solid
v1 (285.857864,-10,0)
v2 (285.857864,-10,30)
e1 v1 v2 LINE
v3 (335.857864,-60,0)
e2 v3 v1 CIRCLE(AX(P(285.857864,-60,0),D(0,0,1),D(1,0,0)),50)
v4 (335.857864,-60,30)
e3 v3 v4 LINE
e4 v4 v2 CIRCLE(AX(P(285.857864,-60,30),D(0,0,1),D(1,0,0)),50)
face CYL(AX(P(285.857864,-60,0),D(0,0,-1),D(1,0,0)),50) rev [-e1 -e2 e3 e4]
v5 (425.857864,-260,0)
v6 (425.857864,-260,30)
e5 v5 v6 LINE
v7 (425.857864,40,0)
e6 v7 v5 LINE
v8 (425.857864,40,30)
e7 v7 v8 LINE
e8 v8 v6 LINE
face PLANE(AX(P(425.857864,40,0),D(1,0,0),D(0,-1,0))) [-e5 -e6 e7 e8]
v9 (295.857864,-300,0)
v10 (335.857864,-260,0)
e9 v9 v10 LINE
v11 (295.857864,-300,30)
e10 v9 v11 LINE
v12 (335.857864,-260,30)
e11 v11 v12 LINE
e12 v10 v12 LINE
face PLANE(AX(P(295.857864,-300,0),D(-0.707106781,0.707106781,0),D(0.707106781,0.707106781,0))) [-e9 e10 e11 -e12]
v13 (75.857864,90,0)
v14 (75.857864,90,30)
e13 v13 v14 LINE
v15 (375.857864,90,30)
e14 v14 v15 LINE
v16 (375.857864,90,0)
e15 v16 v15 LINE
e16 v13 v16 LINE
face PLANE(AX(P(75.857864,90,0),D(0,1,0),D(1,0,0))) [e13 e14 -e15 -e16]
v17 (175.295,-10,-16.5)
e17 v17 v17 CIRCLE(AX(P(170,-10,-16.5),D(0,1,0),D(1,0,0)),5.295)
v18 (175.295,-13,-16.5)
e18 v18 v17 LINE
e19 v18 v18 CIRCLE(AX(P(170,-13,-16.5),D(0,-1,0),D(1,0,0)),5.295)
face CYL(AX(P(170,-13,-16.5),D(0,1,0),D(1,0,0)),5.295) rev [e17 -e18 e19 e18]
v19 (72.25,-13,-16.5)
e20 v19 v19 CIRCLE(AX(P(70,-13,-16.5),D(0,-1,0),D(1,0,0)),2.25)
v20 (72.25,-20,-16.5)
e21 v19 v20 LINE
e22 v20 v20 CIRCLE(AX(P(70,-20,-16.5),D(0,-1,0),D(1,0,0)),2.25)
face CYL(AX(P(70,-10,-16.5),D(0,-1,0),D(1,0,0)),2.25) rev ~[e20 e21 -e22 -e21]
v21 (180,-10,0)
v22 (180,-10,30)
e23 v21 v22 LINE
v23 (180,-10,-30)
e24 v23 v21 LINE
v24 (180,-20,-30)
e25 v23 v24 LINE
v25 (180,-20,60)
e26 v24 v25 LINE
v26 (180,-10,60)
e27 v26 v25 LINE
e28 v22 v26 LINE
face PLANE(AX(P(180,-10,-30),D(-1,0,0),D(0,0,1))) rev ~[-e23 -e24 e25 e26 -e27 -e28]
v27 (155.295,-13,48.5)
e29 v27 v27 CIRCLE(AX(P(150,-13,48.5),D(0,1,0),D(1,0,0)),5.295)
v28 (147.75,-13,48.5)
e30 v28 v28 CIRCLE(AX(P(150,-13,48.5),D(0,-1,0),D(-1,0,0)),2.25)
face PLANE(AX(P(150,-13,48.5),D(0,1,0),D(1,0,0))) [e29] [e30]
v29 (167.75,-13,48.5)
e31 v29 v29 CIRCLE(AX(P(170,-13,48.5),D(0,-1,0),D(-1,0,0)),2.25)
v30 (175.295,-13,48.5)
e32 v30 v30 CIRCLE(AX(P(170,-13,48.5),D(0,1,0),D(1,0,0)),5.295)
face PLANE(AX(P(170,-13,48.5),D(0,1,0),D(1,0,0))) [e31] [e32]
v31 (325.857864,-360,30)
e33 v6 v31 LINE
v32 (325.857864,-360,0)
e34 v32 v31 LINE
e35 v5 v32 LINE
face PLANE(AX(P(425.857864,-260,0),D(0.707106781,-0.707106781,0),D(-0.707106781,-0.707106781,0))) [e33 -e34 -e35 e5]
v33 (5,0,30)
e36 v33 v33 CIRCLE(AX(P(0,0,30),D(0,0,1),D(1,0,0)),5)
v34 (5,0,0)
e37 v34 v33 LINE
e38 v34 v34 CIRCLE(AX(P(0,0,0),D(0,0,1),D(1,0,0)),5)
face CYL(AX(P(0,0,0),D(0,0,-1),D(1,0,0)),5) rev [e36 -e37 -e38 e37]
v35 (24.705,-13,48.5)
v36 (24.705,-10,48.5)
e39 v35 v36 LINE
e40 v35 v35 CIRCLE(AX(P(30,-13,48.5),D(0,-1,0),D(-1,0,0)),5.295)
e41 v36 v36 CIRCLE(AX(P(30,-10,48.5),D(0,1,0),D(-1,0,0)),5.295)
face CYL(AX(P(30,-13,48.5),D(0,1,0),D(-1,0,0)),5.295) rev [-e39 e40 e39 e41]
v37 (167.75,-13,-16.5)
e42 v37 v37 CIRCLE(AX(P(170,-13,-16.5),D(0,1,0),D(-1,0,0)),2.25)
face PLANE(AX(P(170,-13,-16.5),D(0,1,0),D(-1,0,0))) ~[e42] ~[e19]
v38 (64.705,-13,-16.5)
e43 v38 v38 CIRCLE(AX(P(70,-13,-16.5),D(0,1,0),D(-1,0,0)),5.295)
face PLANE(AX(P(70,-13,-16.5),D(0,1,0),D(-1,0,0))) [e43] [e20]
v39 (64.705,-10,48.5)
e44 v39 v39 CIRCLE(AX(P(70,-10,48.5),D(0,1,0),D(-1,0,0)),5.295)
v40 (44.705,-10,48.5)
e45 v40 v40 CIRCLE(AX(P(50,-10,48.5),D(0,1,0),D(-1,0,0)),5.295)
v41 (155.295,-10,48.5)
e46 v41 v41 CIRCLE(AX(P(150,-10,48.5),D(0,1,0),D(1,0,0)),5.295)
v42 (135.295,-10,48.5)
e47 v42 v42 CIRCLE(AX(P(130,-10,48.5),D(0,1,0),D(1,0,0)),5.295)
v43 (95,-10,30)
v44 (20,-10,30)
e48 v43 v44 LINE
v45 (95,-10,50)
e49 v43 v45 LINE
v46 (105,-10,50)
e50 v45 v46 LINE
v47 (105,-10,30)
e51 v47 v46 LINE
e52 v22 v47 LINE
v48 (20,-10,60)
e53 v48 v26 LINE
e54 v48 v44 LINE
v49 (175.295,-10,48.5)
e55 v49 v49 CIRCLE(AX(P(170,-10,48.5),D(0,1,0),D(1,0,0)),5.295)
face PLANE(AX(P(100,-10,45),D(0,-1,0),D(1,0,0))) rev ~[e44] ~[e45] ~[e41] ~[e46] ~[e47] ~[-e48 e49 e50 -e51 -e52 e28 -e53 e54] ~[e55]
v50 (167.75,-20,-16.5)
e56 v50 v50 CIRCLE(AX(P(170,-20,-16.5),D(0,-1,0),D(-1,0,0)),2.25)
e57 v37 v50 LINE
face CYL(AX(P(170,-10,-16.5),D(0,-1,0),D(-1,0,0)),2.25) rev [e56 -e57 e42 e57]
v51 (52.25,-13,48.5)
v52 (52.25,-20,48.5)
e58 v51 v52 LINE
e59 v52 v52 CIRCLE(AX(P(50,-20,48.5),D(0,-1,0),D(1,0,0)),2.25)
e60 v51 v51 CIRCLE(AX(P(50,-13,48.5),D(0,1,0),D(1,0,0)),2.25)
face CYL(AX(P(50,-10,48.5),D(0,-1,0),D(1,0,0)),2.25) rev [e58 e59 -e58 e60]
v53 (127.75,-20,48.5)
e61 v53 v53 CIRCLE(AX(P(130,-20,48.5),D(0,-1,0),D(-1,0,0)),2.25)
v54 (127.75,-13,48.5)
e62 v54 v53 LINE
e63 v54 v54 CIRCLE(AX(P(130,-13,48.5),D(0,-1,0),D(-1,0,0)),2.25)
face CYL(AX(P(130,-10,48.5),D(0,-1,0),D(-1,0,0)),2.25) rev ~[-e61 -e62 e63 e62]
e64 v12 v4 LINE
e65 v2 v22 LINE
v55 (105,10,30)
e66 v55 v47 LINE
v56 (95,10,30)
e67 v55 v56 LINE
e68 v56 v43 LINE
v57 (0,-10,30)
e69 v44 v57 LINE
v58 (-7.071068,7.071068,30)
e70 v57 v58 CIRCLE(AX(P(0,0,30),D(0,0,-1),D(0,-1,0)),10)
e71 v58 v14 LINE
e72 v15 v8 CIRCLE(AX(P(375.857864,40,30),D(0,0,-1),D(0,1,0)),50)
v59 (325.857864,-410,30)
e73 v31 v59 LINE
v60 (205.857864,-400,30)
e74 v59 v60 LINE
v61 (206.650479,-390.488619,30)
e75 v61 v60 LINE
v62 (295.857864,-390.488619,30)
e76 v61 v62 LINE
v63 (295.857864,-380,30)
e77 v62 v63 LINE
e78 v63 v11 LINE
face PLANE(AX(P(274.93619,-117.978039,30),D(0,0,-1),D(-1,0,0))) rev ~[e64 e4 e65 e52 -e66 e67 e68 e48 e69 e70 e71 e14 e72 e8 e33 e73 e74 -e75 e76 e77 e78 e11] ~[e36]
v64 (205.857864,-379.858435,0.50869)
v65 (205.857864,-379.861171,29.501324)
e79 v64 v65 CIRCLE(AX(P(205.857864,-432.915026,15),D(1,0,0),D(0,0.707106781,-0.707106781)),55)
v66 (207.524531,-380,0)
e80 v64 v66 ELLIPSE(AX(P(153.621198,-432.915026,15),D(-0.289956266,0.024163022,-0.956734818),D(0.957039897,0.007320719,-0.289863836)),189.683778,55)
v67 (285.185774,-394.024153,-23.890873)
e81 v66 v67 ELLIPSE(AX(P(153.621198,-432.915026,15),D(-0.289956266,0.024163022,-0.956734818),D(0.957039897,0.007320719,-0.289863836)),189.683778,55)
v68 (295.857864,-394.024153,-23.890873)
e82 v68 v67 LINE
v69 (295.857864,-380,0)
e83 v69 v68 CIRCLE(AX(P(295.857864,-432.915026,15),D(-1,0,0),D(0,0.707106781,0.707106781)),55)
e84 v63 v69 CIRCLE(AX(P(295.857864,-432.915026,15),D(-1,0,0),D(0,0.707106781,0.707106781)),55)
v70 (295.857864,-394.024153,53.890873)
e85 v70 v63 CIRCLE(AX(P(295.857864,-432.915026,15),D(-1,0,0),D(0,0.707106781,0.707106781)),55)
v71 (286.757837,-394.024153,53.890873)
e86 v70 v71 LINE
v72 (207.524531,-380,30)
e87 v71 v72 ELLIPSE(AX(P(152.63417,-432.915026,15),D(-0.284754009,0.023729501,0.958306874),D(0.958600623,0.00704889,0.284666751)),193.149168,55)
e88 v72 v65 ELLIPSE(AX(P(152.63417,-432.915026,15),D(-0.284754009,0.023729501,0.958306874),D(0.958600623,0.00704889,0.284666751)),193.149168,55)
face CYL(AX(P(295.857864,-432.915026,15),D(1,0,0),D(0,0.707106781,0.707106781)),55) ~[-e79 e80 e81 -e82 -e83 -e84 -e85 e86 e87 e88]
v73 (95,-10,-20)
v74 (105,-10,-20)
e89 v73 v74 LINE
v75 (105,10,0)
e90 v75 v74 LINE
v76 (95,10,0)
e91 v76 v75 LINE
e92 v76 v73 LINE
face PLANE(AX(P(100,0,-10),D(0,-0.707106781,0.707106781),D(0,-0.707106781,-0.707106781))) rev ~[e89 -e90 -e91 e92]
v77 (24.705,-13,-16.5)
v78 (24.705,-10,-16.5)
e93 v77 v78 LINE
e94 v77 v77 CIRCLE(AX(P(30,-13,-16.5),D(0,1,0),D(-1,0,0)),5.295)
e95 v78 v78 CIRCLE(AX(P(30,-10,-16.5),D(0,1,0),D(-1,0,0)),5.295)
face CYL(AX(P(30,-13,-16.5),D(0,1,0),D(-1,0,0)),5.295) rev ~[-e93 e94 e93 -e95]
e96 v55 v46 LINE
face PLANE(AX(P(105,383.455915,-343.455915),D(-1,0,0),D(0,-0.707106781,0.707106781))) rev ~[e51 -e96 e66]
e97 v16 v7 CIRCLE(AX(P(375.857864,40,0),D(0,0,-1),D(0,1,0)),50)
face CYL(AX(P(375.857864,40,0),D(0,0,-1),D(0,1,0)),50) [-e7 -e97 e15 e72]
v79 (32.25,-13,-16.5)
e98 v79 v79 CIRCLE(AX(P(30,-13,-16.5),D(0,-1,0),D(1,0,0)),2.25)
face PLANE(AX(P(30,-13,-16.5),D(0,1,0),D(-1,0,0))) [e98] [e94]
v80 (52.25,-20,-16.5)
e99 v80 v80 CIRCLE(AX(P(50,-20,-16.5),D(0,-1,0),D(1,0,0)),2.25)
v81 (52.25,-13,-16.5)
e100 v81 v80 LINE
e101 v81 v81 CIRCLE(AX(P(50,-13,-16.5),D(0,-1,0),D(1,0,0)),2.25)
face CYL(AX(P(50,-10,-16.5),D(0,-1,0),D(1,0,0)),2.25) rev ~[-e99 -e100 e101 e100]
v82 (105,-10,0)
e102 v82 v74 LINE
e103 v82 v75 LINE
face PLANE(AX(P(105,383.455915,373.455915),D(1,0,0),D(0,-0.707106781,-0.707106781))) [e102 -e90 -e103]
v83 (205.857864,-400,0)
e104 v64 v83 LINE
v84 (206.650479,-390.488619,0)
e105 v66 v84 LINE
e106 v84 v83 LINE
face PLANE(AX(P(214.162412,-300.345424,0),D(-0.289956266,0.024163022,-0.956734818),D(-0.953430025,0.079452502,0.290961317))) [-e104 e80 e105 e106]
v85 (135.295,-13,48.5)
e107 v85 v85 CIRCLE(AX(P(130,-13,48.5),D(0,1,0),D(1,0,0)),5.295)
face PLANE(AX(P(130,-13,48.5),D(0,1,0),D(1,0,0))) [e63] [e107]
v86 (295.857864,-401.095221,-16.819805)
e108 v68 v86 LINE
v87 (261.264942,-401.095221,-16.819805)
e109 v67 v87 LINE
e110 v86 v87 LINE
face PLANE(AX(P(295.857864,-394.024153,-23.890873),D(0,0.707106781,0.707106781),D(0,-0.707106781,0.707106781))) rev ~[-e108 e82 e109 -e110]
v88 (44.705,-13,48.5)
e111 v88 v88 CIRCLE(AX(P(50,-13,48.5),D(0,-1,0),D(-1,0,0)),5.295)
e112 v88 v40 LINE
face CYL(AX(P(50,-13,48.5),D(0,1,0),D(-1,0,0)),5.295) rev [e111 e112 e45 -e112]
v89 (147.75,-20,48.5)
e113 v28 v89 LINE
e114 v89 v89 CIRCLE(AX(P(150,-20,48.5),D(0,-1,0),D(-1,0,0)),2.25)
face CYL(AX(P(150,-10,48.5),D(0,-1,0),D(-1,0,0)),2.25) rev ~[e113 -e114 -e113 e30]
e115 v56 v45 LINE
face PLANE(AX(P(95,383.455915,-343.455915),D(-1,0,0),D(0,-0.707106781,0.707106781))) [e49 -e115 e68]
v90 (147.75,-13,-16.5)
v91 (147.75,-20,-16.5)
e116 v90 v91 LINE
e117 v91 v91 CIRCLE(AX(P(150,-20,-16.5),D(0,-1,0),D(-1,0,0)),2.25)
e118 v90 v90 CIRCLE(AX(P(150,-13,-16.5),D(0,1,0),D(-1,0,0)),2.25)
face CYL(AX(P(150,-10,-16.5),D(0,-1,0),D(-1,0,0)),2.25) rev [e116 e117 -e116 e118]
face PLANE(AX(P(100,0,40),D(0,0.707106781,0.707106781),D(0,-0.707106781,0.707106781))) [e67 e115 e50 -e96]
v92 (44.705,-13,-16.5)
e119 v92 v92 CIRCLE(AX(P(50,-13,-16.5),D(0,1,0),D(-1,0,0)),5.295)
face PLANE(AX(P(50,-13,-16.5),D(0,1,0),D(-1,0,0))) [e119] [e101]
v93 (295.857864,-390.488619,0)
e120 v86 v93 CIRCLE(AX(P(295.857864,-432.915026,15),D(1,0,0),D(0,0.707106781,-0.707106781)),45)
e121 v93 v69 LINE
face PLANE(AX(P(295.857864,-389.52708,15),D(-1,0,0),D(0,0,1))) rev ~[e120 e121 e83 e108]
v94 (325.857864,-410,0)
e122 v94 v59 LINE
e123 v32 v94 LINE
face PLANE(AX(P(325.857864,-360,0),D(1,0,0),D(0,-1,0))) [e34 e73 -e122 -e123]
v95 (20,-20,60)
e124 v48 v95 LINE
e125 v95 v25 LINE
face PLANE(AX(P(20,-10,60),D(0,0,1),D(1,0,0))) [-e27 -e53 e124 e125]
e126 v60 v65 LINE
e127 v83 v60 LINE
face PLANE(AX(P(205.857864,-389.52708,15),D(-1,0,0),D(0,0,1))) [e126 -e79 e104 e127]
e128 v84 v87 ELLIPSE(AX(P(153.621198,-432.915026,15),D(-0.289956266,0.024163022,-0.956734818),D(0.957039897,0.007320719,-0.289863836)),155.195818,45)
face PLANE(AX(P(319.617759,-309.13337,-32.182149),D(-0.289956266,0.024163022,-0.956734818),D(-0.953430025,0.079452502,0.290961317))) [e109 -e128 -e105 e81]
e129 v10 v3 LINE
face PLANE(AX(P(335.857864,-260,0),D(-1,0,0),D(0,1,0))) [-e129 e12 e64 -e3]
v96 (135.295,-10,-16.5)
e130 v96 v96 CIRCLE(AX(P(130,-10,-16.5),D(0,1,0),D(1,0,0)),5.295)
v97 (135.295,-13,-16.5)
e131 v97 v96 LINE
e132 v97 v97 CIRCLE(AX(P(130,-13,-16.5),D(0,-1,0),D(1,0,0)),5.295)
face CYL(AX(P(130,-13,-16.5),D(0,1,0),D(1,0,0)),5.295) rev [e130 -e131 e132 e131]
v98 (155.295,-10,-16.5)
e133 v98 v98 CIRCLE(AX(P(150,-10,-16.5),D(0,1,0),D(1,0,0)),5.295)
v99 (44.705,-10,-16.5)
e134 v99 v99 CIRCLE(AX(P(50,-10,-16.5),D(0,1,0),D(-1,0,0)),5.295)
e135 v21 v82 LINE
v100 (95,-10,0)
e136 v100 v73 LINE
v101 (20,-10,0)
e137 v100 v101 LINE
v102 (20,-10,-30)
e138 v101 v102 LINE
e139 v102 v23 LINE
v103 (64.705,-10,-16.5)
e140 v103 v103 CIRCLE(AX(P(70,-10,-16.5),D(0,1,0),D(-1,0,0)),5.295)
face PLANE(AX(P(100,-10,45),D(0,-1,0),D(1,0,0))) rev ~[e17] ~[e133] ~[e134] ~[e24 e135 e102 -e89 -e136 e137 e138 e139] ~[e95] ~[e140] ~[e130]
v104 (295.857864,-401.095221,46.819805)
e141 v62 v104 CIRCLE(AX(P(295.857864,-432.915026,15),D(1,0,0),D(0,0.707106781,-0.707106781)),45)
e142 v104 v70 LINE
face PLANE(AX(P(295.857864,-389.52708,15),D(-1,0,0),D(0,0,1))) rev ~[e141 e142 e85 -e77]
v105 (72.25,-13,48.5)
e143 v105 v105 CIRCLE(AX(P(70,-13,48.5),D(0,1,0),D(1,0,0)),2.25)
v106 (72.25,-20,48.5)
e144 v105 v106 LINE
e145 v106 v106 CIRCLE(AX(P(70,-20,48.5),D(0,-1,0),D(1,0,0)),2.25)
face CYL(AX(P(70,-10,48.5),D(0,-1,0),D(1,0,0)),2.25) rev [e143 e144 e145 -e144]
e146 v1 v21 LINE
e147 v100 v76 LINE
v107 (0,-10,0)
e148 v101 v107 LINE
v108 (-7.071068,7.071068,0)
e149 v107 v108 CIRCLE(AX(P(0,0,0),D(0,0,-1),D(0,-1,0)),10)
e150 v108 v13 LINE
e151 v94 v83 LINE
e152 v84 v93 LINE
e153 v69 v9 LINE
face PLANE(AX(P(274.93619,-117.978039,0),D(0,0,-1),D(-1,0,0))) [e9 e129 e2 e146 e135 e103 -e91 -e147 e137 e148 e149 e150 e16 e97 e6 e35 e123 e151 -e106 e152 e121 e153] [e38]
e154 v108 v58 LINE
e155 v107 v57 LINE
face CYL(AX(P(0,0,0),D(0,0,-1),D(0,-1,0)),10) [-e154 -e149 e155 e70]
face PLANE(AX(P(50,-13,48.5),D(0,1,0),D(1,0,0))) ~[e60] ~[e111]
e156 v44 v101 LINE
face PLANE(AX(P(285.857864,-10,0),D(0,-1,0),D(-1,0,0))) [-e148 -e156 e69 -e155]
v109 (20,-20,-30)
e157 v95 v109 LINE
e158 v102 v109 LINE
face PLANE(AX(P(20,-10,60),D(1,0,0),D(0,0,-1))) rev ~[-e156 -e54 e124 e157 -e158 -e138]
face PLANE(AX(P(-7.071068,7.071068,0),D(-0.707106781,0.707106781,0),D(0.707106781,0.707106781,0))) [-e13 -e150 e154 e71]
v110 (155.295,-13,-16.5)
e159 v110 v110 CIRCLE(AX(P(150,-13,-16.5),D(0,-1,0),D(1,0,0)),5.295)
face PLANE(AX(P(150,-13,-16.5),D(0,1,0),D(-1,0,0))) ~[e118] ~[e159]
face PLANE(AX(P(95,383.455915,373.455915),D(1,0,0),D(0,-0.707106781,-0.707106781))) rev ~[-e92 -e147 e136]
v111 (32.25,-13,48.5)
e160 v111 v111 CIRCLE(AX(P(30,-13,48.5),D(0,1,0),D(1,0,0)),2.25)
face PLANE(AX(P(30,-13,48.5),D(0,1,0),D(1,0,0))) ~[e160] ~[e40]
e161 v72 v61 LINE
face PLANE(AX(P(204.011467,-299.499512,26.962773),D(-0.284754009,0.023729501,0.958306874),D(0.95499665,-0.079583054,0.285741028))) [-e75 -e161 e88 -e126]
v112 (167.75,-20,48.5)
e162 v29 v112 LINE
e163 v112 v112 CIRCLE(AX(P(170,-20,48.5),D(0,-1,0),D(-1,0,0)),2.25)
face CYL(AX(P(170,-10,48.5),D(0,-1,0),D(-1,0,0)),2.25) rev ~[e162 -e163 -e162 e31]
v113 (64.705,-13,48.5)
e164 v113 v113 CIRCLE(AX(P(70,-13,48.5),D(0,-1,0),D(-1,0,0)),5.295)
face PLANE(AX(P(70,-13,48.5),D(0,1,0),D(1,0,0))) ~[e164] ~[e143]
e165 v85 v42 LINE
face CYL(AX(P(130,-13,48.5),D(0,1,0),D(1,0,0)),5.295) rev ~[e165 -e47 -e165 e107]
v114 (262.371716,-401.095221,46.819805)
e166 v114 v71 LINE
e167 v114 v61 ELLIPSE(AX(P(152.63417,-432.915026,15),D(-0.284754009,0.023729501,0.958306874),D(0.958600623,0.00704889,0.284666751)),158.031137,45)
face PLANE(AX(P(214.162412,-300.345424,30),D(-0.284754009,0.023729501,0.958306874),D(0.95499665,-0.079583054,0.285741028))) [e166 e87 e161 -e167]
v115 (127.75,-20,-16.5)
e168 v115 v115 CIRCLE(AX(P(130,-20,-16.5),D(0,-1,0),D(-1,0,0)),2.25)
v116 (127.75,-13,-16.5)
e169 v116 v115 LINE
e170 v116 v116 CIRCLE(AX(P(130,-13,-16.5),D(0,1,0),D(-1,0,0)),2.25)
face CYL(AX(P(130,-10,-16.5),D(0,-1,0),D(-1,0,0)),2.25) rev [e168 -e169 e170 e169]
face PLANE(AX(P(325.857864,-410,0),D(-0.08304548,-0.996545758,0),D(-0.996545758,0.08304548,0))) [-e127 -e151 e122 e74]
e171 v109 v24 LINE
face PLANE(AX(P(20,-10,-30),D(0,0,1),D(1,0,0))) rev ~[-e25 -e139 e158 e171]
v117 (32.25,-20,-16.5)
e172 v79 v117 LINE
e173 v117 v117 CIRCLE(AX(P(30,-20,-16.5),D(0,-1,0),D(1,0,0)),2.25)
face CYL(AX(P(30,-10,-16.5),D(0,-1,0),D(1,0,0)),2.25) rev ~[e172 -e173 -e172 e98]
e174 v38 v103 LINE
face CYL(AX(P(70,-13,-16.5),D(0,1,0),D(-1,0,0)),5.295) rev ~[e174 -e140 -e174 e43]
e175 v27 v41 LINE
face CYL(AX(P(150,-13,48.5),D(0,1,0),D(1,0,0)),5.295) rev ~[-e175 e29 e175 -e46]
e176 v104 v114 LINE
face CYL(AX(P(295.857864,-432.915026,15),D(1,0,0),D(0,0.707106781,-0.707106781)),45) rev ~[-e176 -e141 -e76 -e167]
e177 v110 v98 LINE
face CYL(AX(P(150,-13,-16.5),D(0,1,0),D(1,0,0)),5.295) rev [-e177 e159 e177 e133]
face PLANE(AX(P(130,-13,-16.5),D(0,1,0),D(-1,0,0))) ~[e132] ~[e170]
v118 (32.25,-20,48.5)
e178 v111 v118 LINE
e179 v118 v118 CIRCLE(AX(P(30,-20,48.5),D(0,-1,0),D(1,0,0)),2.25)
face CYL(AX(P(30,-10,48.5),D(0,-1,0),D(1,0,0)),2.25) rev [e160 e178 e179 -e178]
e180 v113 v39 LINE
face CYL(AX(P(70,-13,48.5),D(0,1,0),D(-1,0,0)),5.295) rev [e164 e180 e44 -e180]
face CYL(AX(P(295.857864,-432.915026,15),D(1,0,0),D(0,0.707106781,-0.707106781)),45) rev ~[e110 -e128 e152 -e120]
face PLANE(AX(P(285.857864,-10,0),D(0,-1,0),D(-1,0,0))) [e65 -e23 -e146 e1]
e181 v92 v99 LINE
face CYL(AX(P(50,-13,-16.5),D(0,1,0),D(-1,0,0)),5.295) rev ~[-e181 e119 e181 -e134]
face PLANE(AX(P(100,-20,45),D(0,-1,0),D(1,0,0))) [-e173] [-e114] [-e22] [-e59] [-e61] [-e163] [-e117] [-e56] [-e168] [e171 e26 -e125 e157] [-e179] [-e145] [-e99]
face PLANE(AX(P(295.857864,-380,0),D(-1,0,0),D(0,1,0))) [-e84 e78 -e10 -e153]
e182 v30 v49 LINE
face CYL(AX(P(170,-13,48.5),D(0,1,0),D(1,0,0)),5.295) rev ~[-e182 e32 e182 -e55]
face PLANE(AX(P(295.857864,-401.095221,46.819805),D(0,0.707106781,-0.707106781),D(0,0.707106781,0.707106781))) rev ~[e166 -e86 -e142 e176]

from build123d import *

# Parameters (mm, degrees)
SKETCH1_R                                        = 5
BOSS_EXTRUDE1_DEPTH                              = 30
SKETCH2_W                                        = 160
SKETCH2_H                                        = 30
BOSS_EXTRUDE2_DEPTH                              = 10
RIB1_REACH                                       = 529.146
SKETCH5_WALL_W                                   = 1084.577110596
SKETCH5_WALL_H                                   = 10
RIB17_REACH                                      = 529.146
SKETCH7_WALL_W                                   = 1084.577110596
SKETCH7_WALL_H                                   = 10
CBORE_FOR_M4_HEX_HEAD_MACHINE_SCREW2_D           = 4.5
CBORE_FOR_M4_HEX_HEAD_MACHINE_SCREW2_CBORE_D     = 10.59
CBORE_FOR_M4_HEX_HEAD_MACHINE_SCREW2_CBORE_DEPTH = 3
MIRROR2_COPY_1_D                                 = 4.5
MIRROR2_COPY_1_CBORE_D                           = 10.59
MIRROR2_COPY_1_CBORE_DEPTH                       = 3
BOSS_EXTRUDE5_DEPTH                              = 90
CUT_EXTRUDE4_DEPTH                               = 100
CUT_EXTRUDE4_DEPTH_BACK                          = 100


with BuildPart() as part:
    # Sketch1 → Boss-Extrude1 (new body)
    with BuildSketch(Plane.XY):
        with BuildLine():
            Line((-7.071067812, 7.071067812), (75.857864376, 90))
            Line((75.857864376, 90), (375.857864376, 90))
            ThreePointArc((375.857864376, 90), (411.213203436, 75.355339059), (425.857864376, 40))
            Line((425.857864376, 40), (425.857864376, -260))
            Line((425.857864376, -260), (325.857864376, -360))
            Line((325.857864376, -360), (325.857864376, -410))
            Line((325.857864376, -410), (205.857864376, -400))
            Line((205.857864376, -400), (205.857864376, -380))
            Line((205.857864376, -380), (295.857864376, -380))
            Line((295.857864376, -380), (295.857864376, -300))
            Line((295.857864376, -300), (335.857864376, -260))
            Line((335.857864376, -260), (335.857864376, -60))
            ThreePointArc((335.857864376, -60), (321.213203436, -24.644660941), (285.857864376, -10))
            Line((285.857864376, -10), (0, -10))
            ThreePointArc((0, -10), (-9.238795325, -3.826834324), (-7.071067812, 7.071067812))
        make_face()
        Circle(SKETCH1_R, mode=Mode.SUBTRACT)
    extrude(amount=BOSS_EXTRUDE1_DEPTH)

    # Sketch2 → Boss-Extrude2 (add)
    with BuildSketch(Plane.XZ.offset(10)):
        with Locations((100, 45)):
            Rectangle(SKETCH2_W, SKETCH2_H)
        with Locations((100, 15)):
            Rectangle(SKETCH2_W, SKETCH2_H)
        with Locations((100, -15)):
            Rectangle(SKETCH2_W, SKETCH2_H)
    extrude(amount=BOSS_EXTRUDE2_DEPTH)

    # Sketch5 wall → Rib1 (add, up to next)
    with BuildSketch(Plane(origin=(100, 0, 40), x_dir=(0, -0.707106781187, 0.707106781187), z_dir=(0, 0.707106781187, 0.707106781187)), mode=Mode.PRIVATE) as rib1_sk1:
        Rectangle(SKETCH5_WALL_W, SKETCH5_WALL_H)
    rib1_tool1 = extrude(rib1_sk1.sketch, amount=-RIB1_REACH, mode=Mode.PRIVATE) - part.part
    add(rib1_tool1.solids().sort_by_distance((100, 0, 40))[0])

    # Sketch7 wall → Rib17 (add, up to next)
    with BuildSketch(Plane(origin=(100, 0, -10), x_dir=(0, -0.707106781187, -0.707106781187), z_dir=(0, -0.707106781187, 0.707106781187)), mode=Mode.PRIVATE) as rib17_sk1:
        Rectangle(SKETCH7_WALL_W, SKETCH7_WALL_H)
    rib17_tool1 = extrude(rib17_sk1.sketch, amount=RIB17_REACH, mode=Mode.PRIVATE) - part.part
    add(rib17_tool1.solids().sort_by_distance((100, 0, -10))[0])

    # CBORE for M4 Hex Head Machine Screw2 (through all)
    with Locations(Plane(origin=(0, -10, 0), x_dir=(1, 0, 0), z_dir=(0, 1, 0))):
        with Locations((130, -48.5), (150, -48.5), (170, -48.5)):
            cbore_for_m4_hex_head_machine_screw2 = CounterBoreHole(CBORE_FOR_M4_HEX_HEAD_MACHINE_SCREW2_D / 2, CBORE_FOR_M4_HEX_HEAD_MACHINE_SCREW2_CBORE_D / 2, CBORE_FOR_M4_HEX_HEAD_MACHINE_SCREW2_CBORE_DEPTH)

    # Mirror1: CBORE for M4 Hex Head Machine Screw2 across plane
    add(cbore_for_m4_hex_head_machine_screw2.mirror(Plane(origin=(100, 0, 0), x_dir=(0, 0, 1), z_dir=(1, 0, 0))), mode=Mode.SUBTRACT)

    # Mirror2: CBORE for M4 Hex Head Machine Screw2 across plane
    add(cbore_for_m4_hex_head_machine_screw2.mirror(Plane.XY.offset(16)), mode=Mode.SUBTRACT)

    # Mirror2 copy 1 (through all)
    with Locations(Plane(origin=(200, -10, 32), x_dir=(-1, 0, 0), z_dir=(0, 1, 0))):
        with Locations((130, -48.5), (150, -48.5), (170, -48.5)):
            CounterBoreHole(MIRROR2_COPY_1_D / 2, MIRROR2_COPY_1_CBORE_D / 2, MIRROR2_COPY_1_CBORE_DEPTH)

    # Sketch19 → Boss-Extrude5 (add)
    with BuildSketch(Plane.ZY.offset(-295.857864376)):
        with BuildLine():
            Line((-23.890872965, -394.024153256), (-16.819805153, -401.095221068))
            ThreePointArc((-16.819805153, -401.095221068), (15, -387.915026221), (46.819805153, -401.095221068))
            Line((46.819805153, -401.095221068), (53.890872965, -394.024153256))
            ThreePointArc((53.890872965, -394.024153256), (15, -377.915026221), (-23.890872965, -394.024153256))
        make_face()
    extrude(amount=BOSS_EXTRUDE5_DEPTH)

    # Sketch20 → Cut-Extrude4 (cut, two sides: drawn at the far end of the back side and taken through both)
    with BuildSketch(Plane(origin=(-31.683738866, -380.204866396, 0), x_dir=(0.9965457582448797, -0.08304547985374006, 0), z_dir=(-0.08304547985374006, -0.9965457582448797, 0)).offset(-CUT_EXTRUDE4_DEPTH_BACK)):
        Polygon((228.178842993, -32.182148517), (344.185851358, -32.182148517), (238.364973487, 0), (228.178842993, 3.097796682), align=None)
        Polygon((238.364973487, 30), (346.499317462, 62.242718318), (228.178842993, 62.242718318), (228.178842993, 26.962773119), align=None)
    extrude(amount=CUT_EXTRUDE4_DEPTH + CUT_EXTRUDE4_DEPTH_BACK, mode=Mode.SUBTRACT)


solid = part.part
